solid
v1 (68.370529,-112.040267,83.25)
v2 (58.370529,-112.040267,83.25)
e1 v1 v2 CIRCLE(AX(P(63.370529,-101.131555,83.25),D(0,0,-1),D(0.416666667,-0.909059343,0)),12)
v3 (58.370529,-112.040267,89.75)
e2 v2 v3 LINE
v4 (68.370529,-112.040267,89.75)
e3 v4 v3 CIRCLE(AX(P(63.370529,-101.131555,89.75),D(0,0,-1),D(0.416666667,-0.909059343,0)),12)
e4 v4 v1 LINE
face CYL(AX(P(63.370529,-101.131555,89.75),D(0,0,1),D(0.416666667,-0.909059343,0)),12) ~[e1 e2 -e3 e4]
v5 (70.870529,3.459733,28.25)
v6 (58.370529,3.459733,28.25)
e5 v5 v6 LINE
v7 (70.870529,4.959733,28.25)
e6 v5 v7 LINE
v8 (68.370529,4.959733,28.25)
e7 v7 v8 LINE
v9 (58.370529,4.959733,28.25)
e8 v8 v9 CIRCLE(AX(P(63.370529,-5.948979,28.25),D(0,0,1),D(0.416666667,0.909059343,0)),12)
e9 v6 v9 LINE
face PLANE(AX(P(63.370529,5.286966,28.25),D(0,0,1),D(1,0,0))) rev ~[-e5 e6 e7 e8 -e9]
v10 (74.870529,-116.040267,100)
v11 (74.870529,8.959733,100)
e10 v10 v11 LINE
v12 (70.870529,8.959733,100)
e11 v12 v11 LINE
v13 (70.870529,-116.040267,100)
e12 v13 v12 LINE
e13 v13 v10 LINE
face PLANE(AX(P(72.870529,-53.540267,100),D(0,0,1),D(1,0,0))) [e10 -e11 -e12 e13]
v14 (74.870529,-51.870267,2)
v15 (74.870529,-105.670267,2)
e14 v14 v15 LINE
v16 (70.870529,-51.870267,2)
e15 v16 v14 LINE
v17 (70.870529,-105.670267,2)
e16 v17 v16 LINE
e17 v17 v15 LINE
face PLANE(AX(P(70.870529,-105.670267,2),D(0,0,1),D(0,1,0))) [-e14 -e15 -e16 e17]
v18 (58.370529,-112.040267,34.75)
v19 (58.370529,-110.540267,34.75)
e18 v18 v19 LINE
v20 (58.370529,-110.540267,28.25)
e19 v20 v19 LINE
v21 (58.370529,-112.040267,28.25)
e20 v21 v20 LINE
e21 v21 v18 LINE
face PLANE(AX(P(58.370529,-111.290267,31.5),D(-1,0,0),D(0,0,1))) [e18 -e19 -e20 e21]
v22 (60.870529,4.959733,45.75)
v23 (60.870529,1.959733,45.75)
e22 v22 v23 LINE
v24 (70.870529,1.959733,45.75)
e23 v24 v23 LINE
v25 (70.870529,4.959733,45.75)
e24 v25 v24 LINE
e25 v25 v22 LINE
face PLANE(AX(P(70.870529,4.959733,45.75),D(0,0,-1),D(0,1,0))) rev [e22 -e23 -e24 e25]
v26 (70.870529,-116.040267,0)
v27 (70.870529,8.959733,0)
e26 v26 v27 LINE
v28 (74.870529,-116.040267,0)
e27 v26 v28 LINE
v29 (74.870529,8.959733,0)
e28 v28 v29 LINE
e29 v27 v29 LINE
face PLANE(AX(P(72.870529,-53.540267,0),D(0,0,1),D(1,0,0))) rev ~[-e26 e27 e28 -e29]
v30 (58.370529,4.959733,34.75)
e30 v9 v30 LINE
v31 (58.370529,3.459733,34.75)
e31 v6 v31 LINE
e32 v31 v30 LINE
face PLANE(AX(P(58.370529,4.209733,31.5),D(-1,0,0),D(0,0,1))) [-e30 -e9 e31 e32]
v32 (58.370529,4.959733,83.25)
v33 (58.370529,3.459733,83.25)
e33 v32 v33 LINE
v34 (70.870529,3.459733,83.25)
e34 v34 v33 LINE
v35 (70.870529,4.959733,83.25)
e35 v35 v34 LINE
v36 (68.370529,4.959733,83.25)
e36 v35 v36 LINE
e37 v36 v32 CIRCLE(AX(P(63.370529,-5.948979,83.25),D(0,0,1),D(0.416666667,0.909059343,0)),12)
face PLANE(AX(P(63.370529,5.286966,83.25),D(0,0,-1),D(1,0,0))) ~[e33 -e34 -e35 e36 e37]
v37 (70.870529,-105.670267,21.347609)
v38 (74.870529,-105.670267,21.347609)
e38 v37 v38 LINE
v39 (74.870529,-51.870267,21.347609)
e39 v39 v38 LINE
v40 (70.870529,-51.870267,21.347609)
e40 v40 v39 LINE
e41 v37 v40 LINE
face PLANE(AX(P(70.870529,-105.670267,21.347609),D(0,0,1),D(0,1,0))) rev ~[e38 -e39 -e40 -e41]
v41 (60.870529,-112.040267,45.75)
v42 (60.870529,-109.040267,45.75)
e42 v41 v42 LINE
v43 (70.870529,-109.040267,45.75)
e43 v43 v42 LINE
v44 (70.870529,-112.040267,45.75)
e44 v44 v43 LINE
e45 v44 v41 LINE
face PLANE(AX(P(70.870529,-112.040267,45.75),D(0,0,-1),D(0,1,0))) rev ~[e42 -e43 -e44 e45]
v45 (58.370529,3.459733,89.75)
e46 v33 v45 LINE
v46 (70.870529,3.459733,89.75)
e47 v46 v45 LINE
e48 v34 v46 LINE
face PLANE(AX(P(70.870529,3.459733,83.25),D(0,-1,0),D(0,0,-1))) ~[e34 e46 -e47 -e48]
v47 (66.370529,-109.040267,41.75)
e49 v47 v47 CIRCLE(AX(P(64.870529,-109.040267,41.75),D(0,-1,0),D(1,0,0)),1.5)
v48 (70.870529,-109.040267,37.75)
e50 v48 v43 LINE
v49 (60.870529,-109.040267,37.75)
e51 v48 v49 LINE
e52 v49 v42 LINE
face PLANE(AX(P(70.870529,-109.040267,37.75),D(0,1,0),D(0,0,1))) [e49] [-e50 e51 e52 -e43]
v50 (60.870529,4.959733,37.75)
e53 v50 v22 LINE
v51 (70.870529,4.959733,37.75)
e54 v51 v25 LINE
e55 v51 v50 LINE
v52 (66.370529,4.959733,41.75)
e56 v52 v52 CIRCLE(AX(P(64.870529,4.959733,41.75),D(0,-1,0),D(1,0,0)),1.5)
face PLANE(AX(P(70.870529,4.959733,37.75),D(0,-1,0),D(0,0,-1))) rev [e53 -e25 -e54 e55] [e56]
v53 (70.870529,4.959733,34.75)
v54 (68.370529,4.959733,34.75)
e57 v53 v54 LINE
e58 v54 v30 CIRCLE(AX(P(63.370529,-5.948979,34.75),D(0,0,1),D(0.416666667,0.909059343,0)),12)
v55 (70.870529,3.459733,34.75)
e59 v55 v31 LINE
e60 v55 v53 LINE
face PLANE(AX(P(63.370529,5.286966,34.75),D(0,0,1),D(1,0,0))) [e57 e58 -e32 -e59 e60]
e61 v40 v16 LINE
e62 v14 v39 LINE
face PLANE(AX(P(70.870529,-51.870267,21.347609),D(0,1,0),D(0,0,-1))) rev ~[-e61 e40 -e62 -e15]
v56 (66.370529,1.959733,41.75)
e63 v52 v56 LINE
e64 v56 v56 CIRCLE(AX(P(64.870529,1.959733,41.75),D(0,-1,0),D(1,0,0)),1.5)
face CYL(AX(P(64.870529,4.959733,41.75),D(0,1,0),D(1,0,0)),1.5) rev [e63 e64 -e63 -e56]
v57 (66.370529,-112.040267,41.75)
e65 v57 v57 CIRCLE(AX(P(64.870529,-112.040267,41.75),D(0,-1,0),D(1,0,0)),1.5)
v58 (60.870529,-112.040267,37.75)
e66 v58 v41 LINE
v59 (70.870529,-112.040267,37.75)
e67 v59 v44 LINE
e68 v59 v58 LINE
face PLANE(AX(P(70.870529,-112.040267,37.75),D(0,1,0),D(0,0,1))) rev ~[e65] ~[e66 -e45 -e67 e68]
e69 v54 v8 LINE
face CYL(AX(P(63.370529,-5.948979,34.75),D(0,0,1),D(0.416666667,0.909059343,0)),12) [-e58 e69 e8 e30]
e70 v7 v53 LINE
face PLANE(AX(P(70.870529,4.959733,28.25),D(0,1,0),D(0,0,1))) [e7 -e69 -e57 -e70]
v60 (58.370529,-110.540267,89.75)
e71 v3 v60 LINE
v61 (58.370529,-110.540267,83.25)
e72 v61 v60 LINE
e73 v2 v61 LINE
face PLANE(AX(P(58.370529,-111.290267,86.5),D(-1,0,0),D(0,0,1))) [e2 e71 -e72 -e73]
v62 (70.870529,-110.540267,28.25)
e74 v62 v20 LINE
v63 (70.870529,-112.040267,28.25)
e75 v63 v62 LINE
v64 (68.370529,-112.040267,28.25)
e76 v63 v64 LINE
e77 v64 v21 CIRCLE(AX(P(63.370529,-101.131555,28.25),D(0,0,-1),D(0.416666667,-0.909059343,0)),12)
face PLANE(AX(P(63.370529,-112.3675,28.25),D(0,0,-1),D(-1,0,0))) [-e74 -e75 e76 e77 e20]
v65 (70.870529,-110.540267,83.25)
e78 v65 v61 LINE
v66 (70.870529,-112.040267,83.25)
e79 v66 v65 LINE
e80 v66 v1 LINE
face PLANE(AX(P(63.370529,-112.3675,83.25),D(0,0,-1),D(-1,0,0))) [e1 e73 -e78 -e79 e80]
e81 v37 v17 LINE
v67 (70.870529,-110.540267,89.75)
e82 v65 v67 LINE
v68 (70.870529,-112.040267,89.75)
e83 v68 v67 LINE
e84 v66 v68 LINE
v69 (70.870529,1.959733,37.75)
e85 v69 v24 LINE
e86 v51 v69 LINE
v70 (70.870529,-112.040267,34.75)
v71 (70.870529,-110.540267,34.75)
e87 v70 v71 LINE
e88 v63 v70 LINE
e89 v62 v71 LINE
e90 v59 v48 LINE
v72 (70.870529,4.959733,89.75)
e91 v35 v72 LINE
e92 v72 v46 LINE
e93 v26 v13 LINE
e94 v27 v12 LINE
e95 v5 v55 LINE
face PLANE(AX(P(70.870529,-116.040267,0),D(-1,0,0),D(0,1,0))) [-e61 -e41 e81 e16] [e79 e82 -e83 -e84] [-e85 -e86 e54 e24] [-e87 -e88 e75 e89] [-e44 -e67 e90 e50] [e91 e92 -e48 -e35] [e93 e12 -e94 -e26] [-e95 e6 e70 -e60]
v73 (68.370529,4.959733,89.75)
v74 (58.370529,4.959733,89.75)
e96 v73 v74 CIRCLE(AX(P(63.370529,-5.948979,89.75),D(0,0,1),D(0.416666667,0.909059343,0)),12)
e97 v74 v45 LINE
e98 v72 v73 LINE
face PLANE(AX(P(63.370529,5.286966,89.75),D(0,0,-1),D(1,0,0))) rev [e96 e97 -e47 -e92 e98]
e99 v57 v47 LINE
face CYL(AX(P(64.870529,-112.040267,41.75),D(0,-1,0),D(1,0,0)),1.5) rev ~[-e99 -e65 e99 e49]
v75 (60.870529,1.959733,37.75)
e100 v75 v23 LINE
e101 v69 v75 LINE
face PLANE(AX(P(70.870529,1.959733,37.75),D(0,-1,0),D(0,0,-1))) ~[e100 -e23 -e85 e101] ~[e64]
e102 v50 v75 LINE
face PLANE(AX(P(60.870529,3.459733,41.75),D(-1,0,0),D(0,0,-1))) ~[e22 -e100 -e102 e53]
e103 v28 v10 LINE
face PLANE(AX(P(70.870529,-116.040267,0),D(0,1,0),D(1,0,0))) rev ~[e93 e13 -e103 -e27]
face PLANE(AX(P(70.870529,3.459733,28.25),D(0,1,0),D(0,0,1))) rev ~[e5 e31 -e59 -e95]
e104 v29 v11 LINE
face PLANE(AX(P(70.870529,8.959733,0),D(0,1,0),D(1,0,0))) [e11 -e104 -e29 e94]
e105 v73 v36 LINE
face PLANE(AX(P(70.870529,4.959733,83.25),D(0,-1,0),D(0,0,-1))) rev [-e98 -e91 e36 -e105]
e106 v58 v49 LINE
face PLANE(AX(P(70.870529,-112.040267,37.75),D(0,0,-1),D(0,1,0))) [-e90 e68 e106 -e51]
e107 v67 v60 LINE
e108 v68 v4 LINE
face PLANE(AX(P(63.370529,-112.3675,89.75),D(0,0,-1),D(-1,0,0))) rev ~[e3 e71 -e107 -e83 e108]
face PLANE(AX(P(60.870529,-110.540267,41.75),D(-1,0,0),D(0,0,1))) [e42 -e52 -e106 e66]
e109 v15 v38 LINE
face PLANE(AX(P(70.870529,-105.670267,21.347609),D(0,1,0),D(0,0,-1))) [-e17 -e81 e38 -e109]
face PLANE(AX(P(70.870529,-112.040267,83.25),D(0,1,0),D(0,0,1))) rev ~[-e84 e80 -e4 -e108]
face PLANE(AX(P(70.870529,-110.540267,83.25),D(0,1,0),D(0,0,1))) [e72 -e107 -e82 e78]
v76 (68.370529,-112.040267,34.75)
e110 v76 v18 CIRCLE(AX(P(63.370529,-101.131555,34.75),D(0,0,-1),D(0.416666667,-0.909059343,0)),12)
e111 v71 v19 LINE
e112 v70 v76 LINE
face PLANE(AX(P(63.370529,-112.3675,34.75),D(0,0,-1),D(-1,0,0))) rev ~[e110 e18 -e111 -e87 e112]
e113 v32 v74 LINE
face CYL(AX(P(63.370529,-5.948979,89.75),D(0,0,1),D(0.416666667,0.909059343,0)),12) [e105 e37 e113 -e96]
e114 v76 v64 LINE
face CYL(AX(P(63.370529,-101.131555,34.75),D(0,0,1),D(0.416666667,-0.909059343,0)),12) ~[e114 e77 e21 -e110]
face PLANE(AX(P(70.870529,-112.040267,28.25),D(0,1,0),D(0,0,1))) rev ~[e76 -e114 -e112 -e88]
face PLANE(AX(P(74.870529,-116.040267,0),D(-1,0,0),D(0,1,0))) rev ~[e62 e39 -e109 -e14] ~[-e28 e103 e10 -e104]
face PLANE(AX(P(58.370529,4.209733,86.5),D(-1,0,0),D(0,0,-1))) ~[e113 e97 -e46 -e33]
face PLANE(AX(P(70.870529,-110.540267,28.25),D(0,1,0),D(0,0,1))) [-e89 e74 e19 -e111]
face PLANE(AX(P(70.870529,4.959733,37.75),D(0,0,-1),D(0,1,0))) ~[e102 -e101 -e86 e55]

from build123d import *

# Parameters (mm, degrees)
SKETCH2_W               = 4
SKETCH2_H               = 125
BOSS_EXTRUDE2_DEPTH     = 100
CUT_EXTRUDE1_REACH      = 132.347
SKETCH6_W               = 53.8
SKETCH6_H               = 19.347608653
SKETCH9_W               = 6.5
SKETCH9_H               = 1.5
BOSS_EXTRUDE4_DEPTH     = 12.5
BOSS_EXTRUDE5_DEPTH     = 6.5
LPATTERN2_COUNT         = 2
LPATTERN2_PITCH         = 55
MIRROR1_COPY_1_SKETCH_W = 6.5
MIRROR1_COPY_1_SKETCH_H = 1.5
MIRROR1_COPY_1_DEPTH    = 12.5
MIRROR1_COPY_2_DEPTH    = 6.5
SKETCH11_W              = 8
SKETCH11_H              = 3
BOSS_EXTRUDE6_DEPTH     = 10
SKETCH12_R              = 1.5
CUT_EXTRUDE2_DEPTH      = 3


with BuildPart() as part:
    # Sketch2 → Boss-Extrude2 (new body)
    with BuildSketch(Plane.XY):
        with Locations((72.870528802, -53.540266993)):
            Rectangle(SKETCH2_W, SKETCH2_H)
    extrude(amount=BOSS_EXTRUDE2_DEPTH)

    # Sketch6 → Cut-Extrude1 (cut, up to next)
    with BuildSketch(Plane(origin=(70.870528802, -52.340678406, -13.65152284), x_dir=(0, 1, 0), z_dir=(-1, 0, 0)), mode=Mode.PRIVATE) as cut_extrude1_sk1:
        with Locations((-26.429588587, -25.325327166)):
            Rectangle(SKETCH6_W, SKETCH6_H)
    cut_extrude1_tool1 = extrude(cut_extrude1_sk1.sketch, amount=-CUT_EXTRUDE1_REACH, mode=Mode.PRIVATE) & part.part
    add(cut_extrude1_tool1.solids().sort_by_distance((70.870529, -78.770267, 11.673804))[0], mode=Mode.SUBTRACT)

    # Sketch9 → Boss-Extrude4 (add)
    with BuildSketch(Plane.ZY.offset(-70.870528802)):
        with Locations((86.5, -111.290266993)):
            Rectangle(SKETCH9_W, SKETCH9_H)
    boss_extrude4 = extrude(amount=BOSS_EXTRUDE4_DEPTH)

    # Sketch10 → Boss-Extrude5 (add)
    with BuildSketch(Plane.XY.offset(89.75)):
        with BuildLine():
            Line((58.370528802, -112.040266993), (68.370528802, -112.040266993))
            ThreePointArc((68.370528802, -112.040266993), (63.370528802, -113.131554878), (58.370528802, -112.040266993))
        make_face()
    boss_extrude5 = extrude(amount=-BOSS_EXTRUDE5_DEPTH)

    # LPattern2: Boss-Extrude4, Boss-Extrude5 ×2
    with Locations(*[(0, 0, -i * LPATTERN2_PITCH) for i in range(1, LPATTERN2_COUNT)]):
        add(boss_extrude4)
        add(boss_extrude5)

    # Mirror1: Boss-Extrude4, Boss-Extrude5 across plane
    add(boss_extrude4.mirror(Plane.ZX.offset(-53.540266993)))
    add(boss_extrude5.mirror(Plane.ZX.offset(-53.540266993)))

    # Mirror1 copy 1 sketch → Mirror1 copy 1 (add)
    with BuildSketch(Plane(origin=(70.870528802, -107.080533985, -55), x_dir=(0, 0, 1), z_dir=(-1, 0, 0))):
        with Locations((86.5, 111.290266993)):
            Rectangle(MIRROR1_COPY_1_SKETCH_W, MIRROR1_COPY_1_SKETCH_H)
    extrude(amount=MIRROR1_COPY_1_DEPTH)

    # Mirror1 copy 2 sketch → Mirror1 copy 2 (add)
    with BuildSketch(Plane(origin=(0, -107.080533985, 34.75), x_dir=(1, 0, 0), z_dir=(0, 0, 1))):
        with BuildLine():
            Line((58.370528802, 112.040266993), (68.370528802, 112.040266993))
            ThreePointArc((68.370528802, 112.040266993), (63.370528802, 113.131554878), (58.370528802, 112.040266993))
        make_face()
    extrude(amount=-MIRROR1_COPY_2_DEPTH)

    # Sketch11 → Boss-Extrude6 (add)
    with BuildSketch(Plane.ZY.offset(-70.870528802)):
        with Locations((41.75, -110.540266993)):
            Rectangle(SKETCH11_W, SKETCH11_H)
    boss_extrude6 = extrude(amount=BOSS_EXTRUDE6_DEPTH)

    # Sketch12 → Cut-Extrude2 (cut)
    with BuildSketch(Plane(origin=(0, -112.040266993, 0), x_dir=(-1, 0, 0), z_dir=(0, -1, 0))):
        with Locations(Location((-64.870528802, -41.75, 0), (0, 0, 180))):
            Circle(SKETCH12_R)
    cut_extrude2 = extrude(amount=-CUT_EXTRUDE2_DEPTH, mode=Mode.SUBTRACT)

    # Mirror2: Boss-Extrude6, Cut-Extrude2 across plane
    add(boss_extrude6.mirror(Plane.ZX.offset(-53.540266993)))
    add(cut_extrude2.mirror(Plane.ZX.offset(-53.540266993)), mode=Mode.SUBTRACT)


solid = part.part
